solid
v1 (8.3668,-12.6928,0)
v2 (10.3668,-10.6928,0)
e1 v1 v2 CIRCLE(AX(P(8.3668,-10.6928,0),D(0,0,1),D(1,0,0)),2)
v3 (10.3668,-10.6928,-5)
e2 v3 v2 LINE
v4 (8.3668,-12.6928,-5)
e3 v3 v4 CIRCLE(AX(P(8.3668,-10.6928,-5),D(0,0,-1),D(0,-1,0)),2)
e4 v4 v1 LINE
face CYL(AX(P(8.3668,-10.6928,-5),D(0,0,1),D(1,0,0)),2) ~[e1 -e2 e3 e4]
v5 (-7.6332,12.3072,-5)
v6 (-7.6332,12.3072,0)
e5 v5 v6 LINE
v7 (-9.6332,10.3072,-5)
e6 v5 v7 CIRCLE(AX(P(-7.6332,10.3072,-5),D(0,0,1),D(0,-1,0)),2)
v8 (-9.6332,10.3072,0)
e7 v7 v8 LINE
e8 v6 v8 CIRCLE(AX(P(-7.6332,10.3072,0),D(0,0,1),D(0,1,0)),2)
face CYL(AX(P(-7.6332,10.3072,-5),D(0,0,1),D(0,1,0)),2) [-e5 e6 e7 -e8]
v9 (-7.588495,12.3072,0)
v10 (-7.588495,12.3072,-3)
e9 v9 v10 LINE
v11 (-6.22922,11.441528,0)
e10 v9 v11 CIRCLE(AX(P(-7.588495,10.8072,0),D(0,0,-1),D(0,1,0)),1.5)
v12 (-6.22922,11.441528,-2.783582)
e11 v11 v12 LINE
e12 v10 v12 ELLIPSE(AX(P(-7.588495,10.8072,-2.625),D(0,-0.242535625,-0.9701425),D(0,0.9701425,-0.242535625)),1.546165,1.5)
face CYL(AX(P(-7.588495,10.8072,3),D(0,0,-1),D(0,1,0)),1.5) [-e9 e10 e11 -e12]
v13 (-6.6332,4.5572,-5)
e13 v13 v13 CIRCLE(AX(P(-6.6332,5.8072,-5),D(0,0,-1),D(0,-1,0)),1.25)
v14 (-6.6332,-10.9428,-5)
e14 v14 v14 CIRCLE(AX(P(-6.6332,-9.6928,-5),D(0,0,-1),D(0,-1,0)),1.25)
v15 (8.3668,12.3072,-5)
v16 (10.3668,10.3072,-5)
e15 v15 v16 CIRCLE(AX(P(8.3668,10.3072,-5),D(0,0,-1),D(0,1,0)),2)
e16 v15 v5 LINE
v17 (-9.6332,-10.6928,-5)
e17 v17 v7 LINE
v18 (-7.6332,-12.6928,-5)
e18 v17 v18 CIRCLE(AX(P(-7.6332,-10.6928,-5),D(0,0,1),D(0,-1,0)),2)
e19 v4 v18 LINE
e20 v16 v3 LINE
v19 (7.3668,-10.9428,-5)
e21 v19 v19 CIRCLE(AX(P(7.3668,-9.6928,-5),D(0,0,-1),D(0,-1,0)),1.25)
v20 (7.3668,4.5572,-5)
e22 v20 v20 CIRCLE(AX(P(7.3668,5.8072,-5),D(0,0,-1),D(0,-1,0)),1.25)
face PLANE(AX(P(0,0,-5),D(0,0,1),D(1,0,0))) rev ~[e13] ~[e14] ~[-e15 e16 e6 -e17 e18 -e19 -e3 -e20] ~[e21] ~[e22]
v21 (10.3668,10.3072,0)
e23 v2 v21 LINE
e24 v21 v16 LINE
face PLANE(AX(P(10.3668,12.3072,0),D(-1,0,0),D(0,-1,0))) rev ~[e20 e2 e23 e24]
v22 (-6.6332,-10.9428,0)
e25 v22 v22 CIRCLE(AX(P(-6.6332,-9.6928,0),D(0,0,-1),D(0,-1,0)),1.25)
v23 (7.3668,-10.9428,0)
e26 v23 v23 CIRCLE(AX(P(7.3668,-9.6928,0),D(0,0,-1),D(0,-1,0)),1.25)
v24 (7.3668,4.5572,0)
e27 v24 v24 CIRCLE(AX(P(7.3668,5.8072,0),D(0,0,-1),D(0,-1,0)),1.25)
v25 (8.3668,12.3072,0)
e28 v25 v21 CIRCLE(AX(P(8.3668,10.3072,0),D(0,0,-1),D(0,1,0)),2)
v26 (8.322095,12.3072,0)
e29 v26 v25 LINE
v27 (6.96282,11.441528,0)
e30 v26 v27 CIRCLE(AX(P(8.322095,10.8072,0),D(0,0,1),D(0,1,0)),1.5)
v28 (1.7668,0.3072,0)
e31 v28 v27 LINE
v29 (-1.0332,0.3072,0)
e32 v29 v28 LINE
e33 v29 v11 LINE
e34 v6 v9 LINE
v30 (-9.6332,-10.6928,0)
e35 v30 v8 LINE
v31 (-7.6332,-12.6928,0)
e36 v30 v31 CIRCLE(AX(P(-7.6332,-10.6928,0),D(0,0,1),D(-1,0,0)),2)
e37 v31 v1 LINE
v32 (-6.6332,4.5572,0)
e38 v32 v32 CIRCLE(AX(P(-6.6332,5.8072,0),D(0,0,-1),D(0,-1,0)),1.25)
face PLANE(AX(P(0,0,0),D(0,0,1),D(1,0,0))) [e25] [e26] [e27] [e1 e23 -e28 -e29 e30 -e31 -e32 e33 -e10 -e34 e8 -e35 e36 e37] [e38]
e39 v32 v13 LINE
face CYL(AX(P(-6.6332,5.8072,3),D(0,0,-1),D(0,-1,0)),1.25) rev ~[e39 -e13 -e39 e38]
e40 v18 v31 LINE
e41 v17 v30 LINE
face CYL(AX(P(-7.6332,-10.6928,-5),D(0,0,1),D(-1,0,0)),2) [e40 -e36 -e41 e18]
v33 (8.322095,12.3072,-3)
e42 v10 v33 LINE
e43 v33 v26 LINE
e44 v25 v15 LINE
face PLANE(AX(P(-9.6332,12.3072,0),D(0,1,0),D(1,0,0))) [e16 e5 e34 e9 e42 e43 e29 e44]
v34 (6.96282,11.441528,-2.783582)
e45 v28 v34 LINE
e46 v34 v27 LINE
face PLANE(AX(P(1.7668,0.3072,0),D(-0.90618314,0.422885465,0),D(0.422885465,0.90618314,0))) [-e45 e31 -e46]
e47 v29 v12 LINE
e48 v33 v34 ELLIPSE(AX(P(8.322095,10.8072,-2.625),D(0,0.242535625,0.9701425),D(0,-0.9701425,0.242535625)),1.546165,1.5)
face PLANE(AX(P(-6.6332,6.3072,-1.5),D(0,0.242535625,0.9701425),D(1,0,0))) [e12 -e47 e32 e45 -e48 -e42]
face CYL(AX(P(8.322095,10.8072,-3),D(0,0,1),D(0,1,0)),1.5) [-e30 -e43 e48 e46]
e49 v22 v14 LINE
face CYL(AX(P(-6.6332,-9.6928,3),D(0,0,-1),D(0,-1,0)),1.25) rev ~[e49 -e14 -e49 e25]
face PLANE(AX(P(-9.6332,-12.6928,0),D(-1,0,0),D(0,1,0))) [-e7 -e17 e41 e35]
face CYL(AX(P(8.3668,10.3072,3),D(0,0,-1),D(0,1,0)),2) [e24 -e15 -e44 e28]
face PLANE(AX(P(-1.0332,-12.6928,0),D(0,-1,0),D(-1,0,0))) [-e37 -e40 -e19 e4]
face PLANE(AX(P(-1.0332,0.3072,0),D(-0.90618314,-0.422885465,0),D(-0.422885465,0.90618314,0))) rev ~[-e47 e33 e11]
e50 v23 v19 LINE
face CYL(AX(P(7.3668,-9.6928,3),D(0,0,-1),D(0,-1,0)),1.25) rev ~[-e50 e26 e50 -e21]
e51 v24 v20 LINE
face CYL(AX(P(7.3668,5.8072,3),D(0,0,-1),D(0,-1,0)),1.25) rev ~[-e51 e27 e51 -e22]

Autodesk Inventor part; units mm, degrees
ref_plane "YZ Plane" through (0, 0, 0) normal (1, 0, 0) x (0, 1, 0)
ref_plane "XZ Plane" through (0, 0, 0) normal (0, 1, 0) x (-1, 0, 0)
ref_plane "XY Plane" through (0, 0, 0) normal (0, 0, 1) x (1, 0, 0)
sketch "Sketch1" plane through (0, 0, 0) normal (0, 0, 1) x (1, 0, 0)
  line L0 (-9.6332, 12.3072) -> (10.3668, 12.3072)
  line L1 (10.3668, 12.3072) -> (10.3668, -12.6928)
  line L2 (10.3668, -12.6928) -> (-9.6332, -12.6928)
  line L3 (-9.6332, -12.6928) -> (-9.6332, 12.3072)
  line L4 (-4.3832, -2.6928) -> (5.1168, -2.6928)
  line L5 (5.1168, -2.6928) -> (5.1168, -7.7928)
  line L6 (5.1168, -7.7928) -> (-4.3832, -7.7928)
  line L7 (-4.3832, -7.7928) -> (-4.3832, -2.6928)
  line L8 (-1.0332, -2.6928) -> (-1.0332, -7.7928)
  line L9 (1.7668, -2.6928) -> (1.7668, -7.7928)
  line L10 (-1.0332, -2.6928) -> (-1.0332, 0.3072)
  line L11 (1.7668, -2.6928) -> (1.7668, 0.3072)
  line L12 (-1.0332, 0.3072) -> (-6.6332, 12.3072)
  line L13 (1.7668, 0.3072) -> (7.3668, 12.3072)
  line L14 (-1.0332, -7.7928) -> (-1.0332, -12.6928)
  line L15 (1.7668, -7.7928) -> (1.7668, -12.6928)
  point P0 (0, 0)
  dimension "d0" = 20
  dimension "d1" = 25
  dimension "d2" = 3.35
  dimension "d3" = 3.35
  dimension "d4" = 2.8
  dimension "d5" = 5.1
  dimension "d6" = 5.25
  dimension "d7" = 9.5
  dimension "d9" = 15
  dimension "d10" = 4.9
  dimension "d11" = 3
  dimension "d12" = 3
  dimension "d13" = 3
  dimension "d14" = 3
extrude "Extrusion1" add sketch "Sketch1" along normal blind 3 contours L0 L12 L10 L4 L7 L6 L14 L2 L3 | L0 L1 L2 L15 L6 L5 L4 L11 L13
extrude "Extrusion2" add sketch "Sketch1" against normal blind 5
chamfer "Chamfer1" distance 12 distance2 3 1 edges at (0.3668, 12.3072, 0) measured on face at (-0.0999, 8.3072, 0)
sketch "Sketch3" plane through (0, 0, 3) normal (0, 0, 1) x (1, 0, 0)
  line L0 (-9.6332, 12.3072) -> (-9.6332, -12.6928) projected
  line L1 (-9.6332, -12.6928) -> (-1.0332, -12.6928) projected
  line L2 (-1.0332, -12.6928) -> (-1.0332, -7.7928) projected
  line L3 (-1.0332, -7.7928) -> (-4.3832, -7.7928) projected
  line L4 (-4.3832, -7.7928) -> (-4.3832, -2.6928) projected
  line L5 (-4.3832, -2.6928) -> (-1.0332, -2.6928) projected
  line L6 (-1.0332, -2.6928) -> (-1.0332, 0.3072) projected
  line L7 (-1.0332, 0.3072) -> (-6.6332, 12.3072) projected
  line L8 (-6.6332, 12.3072) -> (-9.6332, 12.3072) projected
  line L9 (10.3668, -12.6928) -> (10.3668, 12.3072) projected
  line L10 (10.3668, 12.3072) -> (7.3668, 12.3072) projected
  line L11 (7.3668, 12.3072) -> (1.7668, 0.3072) projected
  line L12 (1.7668, 0.3072) -> (1.7668, -2.6928) projected
  line L13 (1.7668, -2.6928) -> (5.1168, -2.6928) projected
  line L14 (5.1168, -2.6928) -> (5.1168, -7.7928) projected
  line L15 (5.1168, -7.7928) -> (1.7668, -7.7928) projected
  line L16 (1.7668, -7.7928) -> (1.7668, -12.6928) projected
  line L17 (1.7668, -12.6928) -> (10.3668, -12.6928) projected
  point P0 (0, 0)
  point P1 (-6.6332, 5.8072)
  point P2 (7.3668, 5.8072)
  point P3 (-6.6332, -9.6928)
  point P4 (7.3668, -9.6928)
  dimension "d24" = 25
  dimension "d25" = 6.5
  dimension "d26" = 3
  dimension "d27" = 4.9
  dimension "d28" = 3
  dimension "d29" = 3
  dimension "d37" = 5.25
  dimension "d38" = 3
  dimension "d39" = 3
hole "Hole1" at (-6.6332, 5.8072, 3) at (7.3668, 5.8072, 3) at (-6.6332, -9.6928, 3) at (7.3668, -9.6928, 3) direction (0, 0, -1) diameter 2.5 end through all
fillet "Fillet1" radius 1.5 2 edges at (-6.6332, 12.3072, 0) (7.3668, 12.3072, 0)
fillet "Fillet2" radius 2 4 edges at (-9.6332, 12.3072, -1) (10.3668, 12.3072, -1) (10.3668, -12.6928, -1) (-9.6332, -12.6928, -1)
sketch "Sketch4" plane through (0, 0, 3) normal (0, 0, 1) x (1, 0, 0)
  line L0 (-13.7185, 14.5378) -> (16.1134, 14.5378)
  line L1 (16.1134, 14.5378) -> (16.1134, -15.8403)
  line L2 (16.1134, -15.8403) -> (-13.7185, -15.8403)
  line L3 (-13.7185, -15.8403) -> (-13.7185, 14.5378)
  point P0 (0, 0)
extrude "Extrusion4" cut sketch "Sketch4" against normal blind 3
equation "\"d3\" = d2"
equation "\"d6\" = -0.5 * d7 + 0.5 * d0"
equation "\"d12\" = d11"
equation "\"d14\" = d13"
equation "\"d29\" = d28"
equation "\"d39\" = d38"
properties part number "3DP_PLA_Part_Detector_Top_Half" material "ABS Plastic"
